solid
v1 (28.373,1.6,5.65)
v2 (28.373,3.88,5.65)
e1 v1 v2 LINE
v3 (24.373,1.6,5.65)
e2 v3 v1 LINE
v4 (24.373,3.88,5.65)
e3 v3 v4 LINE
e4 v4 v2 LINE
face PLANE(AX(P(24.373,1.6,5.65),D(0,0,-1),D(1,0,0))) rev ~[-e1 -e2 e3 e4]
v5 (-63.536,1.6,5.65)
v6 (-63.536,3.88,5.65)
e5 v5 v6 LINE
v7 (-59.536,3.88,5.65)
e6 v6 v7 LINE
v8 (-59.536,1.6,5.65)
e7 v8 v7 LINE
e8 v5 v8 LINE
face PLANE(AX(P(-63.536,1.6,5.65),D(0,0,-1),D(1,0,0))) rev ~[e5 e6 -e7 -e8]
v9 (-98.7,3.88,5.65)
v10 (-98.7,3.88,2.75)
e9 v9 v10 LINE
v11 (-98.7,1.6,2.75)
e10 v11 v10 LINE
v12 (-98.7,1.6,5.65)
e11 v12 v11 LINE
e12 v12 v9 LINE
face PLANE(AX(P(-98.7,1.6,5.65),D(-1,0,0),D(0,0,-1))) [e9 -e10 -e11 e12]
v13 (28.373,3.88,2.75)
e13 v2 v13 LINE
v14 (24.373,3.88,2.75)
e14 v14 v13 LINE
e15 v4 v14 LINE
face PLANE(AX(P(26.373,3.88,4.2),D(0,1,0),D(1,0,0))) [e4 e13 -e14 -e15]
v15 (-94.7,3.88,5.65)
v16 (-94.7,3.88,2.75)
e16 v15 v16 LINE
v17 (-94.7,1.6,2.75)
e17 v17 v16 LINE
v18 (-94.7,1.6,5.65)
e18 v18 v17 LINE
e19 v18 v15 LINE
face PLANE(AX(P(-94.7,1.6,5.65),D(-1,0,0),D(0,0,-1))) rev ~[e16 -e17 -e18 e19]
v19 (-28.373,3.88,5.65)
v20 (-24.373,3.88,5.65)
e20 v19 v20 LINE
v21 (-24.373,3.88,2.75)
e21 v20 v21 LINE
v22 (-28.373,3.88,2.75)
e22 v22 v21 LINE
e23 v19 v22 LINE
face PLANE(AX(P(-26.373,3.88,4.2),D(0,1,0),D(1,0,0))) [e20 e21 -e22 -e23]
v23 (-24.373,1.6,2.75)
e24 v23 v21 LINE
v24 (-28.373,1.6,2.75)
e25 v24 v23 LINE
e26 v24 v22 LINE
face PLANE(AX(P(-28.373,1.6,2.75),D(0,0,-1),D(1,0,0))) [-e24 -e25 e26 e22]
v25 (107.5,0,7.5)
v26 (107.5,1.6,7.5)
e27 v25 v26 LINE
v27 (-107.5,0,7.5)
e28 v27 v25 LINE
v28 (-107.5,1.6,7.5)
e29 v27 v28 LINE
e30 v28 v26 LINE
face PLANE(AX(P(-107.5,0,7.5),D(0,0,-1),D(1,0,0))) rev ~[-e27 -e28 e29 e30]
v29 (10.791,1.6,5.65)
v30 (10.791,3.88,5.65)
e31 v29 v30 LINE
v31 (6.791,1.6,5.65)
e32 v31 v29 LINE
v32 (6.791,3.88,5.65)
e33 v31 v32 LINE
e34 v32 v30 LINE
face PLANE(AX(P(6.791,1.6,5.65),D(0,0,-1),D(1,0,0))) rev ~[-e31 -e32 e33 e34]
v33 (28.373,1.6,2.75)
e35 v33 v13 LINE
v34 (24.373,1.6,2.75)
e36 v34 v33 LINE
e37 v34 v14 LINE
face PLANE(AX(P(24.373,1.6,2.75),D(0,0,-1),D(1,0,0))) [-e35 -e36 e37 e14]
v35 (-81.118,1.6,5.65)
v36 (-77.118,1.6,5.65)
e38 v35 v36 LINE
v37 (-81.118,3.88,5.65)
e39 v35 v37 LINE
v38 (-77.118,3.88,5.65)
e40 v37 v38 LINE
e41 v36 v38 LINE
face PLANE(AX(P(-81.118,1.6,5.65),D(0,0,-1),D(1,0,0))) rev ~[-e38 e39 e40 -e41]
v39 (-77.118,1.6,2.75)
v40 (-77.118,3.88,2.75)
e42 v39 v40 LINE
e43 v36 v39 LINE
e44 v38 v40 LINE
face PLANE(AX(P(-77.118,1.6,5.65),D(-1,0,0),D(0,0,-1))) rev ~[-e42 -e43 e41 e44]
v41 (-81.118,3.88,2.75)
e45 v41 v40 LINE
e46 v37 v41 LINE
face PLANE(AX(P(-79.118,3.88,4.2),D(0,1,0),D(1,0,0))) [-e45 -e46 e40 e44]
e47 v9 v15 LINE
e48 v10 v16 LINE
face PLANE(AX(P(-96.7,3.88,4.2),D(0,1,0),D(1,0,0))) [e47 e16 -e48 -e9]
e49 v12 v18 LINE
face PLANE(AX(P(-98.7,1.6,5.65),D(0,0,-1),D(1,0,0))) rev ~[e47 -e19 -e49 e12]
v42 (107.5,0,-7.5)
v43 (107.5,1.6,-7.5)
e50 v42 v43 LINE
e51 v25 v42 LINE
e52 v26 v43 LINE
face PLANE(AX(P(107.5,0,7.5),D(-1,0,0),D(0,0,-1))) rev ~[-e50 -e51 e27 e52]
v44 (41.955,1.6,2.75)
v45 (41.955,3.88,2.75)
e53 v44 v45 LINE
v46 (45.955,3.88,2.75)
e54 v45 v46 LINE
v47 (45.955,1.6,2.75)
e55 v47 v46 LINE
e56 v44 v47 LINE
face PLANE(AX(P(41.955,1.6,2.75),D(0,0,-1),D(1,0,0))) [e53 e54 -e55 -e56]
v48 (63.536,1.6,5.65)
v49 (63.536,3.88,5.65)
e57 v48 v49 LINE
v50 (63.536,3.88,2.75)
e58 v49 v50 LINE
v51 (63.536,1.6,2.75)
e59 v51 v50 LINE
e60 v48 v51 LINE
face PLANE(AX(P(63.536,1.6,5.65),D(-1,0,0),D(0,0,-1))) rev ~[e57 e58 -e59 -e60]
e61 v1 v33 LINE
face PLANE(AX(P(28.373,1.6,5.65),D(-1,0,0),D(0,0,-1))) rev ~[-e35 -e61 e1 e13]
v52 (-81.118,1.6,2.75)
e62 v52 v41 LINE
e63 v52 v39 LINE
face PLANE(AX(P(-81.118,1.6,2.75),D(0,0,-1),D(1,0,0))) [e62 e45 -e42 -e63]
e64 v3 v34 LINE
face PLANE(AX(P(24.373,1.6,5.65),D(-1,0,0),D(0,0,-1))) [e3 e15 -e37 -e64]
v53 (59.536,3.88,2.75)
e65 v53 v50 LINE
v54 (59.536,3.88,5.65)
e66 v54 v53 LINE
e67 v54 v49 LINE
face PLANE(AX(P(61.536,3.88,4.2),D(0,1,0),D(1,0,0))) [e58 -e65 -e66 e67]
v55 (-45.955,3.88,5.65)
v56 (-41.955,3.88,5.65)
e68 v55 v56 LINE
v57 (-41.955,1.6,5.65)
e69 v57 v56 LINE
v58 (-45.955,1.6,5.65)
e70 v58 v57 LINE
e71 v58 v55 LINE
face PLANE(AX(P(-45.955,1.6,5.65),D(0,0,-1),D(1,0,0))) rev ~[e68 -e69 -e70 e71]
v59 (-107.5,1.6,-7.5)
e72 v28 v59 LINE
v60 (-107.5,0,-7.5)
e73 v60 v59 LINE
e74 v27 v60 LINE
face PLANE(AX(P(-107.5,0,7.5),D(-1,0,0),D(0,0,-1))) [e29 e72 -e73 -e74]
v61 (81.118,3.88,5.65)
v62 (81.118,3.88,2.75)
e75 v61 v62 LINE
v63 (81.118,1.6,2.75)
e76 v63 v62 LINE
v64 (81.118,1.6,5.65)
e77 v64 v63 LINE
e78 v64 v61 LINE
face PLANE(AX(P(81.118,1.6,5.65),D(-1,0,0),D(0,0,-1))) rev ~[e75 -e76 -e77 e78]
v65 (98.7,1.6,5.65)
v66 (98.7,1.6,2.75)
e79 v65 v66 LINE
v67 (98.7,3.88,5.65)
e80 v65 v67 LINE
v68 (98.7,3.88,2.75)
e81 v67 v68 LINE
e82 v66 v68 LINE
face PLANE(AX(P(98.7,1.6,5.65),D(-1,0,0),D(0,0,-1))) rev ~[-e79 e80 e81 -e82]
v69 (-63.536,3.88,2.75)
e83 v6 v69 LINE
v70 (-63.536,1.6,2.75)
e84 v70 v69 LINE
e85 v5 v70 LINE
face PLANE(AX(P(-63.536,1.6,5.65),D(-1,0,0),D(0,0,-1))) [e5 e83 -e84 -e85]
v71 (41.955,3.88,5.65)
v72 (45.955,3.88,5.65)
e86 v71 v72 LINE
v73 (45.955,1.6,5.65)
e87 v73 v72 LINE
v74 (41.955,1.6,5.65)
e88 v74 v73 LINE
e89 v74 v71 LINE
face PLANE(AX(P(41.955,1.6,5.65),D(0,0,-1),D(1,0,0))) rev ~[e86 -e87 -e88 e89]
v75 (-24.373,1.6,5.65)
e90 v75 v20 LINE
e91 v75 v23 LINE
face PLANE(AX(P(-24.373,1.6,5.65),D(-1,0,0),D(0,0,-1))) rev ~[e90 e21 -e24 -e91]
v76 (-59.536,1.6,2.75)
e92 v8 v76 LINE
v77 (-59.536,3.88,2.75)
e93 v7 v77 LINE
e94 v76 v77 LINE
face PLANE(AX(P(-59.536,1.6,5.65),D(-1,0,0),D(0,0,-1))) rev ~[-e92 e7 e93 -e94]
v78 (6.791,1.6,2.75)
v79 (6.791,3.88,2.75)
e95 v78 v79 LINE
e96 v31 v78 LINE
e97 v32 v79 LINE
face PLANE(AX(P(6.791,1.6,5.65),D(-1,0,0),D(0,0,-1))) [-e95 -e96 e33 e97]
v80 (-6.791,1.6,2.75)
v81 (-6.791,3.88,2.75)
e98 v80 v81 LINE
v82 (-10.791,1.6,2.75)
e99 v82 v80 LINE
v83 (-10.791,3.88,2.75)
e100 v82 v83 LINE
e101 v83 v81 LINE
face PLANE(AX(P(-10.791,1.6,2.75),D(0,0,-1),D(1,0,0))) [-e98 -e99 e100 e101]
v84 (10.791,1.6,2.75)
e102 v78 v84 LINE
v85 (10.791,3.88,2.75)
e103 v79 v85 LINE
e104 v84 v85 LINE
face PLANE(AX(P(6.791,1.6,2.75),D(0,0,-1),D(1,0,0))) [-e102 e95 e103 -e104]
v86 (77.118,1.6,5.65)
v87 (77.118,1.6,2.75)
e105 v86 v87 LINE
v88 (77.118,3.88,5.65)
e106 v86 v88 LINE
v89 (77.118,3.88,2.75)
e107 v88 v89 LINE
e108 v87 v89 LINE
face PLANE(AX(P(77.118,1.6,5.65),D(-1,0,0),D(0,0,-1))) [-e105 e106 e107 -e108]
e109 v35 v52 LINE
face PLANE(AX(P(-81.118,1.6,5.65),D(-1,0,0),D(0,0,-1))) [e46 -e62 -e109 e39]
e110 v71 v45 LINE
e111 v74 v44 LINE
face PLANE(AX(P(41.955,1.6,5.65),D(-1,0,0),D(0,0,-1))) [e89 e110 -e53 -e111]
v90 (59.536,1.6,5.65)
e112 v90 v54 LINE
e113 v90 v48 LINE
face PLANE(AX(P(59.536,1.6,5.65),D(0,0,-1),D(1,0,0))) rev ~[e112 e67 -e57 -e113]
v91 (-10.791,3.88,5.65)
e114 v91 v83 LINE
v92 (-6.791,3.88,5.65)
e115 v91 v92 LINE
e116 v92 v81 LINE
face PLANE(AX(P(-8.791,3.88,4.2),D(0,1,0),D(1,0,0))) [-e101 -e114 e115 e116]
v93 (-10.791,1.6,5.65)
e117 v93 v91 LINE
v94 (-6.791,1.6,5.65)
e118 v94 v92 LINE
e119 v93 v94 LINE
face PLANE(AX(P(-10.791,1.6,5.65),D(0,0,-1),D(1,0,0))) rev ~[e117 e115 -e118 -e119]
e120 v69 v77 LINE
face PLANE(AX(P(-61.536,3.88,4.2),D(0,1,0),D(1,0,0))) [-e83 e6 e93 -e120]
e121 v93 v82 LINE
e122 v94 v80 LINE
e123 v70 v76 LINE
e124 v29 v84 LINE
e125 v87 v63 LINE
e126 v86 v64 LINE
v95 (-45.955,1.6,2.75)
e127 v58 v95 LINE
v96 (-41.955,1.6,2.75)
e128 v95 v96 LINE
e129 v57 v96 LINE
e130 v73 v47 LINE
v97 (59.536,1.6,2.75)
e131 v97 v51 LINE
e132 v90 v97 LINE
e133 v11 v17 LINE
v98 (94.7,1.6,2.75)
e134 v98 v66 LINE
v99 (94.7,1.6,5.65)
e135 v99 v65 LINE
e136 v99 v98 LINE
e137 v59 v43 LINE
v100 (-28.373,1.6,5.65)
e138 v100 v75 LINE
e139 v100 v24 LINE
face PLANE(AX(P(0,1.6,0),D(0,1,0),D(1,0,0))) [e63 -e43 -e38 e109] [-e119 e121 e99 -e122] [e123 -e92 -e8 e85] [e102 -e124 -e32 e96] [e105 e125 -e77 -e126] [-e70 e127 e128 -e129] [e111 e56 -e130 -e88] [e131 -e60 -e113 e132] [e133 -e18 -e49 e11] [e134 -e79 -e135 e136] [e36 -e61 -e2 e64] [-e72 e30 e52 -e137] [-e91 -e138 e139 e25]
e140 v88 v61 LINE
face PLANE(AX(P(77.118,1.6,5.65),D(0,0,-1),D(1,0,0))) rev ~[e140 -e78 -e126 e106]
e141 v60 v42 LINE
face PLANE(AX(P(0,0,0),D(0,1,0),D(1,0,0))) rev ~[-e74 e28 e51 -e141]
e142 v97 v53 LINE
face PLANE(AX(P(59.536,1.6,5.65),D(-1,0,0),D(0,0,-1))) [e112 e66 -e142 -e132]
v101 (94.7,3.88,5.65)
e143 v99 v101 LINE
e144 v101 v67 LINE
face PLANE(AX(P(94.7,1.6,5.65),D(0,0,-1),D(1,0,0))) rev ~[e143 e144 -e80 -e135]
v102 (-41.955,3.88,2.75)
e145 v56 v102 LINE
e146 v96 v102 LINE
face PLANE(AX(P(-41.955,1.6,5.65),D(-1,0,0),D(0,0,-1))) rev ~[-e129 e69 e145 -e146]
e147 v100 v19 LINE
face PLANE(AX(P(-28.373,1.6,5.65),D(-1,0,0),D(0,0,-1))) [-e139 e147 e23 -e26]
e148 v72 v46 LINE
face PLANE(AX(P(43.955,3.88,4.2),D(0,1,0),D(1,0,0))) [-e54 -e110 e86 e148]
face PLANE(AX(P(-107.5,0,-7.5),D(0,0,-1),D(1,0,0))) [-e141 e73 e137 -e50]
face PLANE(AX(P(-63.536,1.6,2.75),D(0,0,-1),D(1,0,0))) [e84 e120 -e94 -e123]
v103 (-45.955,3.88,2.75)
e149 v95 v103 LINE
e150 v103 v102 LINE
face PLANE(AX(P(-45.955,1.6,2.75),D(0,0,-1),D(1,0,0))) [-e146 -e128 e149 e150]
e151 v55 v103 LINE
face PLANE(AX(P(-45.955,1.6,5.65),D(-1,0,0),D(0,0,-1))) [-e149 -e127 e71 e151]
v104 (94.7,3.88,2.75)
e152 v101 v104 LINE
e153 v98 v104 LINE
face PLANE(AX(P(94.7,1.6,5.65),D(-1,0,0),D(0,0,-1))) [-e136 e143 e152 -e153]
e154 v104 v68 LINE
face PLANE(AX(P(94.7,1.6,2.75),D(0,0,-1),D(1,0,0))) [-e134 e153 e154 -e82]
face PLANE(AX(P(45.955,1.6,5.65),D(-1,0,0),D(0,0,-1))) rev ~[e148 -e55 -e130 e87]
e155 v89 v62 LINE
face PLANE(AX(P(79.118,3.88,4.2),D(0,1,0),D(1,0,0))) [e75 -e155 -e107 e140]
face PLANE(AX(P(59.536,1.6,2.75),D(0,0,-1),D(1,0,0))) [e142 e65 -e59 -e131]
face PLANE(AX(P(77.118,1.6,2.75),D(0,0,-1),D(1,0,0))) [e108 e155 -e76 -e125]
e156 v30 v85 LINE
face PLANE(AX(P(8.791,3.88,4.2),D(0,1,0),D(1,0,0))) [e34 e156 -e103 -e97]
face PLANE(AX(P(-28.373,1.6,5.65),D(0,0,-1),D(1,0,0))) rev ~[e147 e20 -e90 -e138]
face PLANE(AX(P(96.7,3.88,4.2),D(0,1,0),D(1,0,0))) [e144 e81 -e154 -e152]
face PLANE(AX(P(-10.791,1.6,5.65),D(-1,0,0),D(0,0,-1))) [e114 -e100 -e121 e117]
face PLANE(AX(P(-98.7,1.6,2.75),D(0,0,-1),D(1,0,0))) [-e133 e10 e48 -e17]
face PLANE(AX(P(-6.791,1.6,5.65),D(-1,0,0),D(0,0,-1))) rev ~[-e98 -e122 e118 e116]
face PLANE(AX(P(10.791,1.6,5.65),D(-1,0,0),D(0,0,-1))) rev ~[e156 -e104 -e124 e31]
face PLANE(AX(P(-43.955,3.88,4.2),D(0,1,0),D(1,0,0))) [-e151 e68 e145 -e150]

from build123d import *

# Parameters (mm, degrees)
SKETCH2_W           = 215
SKETCH2_H           = 15
BOSS_EXTRUDE1_DEPTH = 1.6
SKETCH4_W           = 4
SKETCH4_H           = 2.9
BOSS_EXTRUDE2_DEPTH = 2.28


with BuildPart() as part:
    # Sketch2 → Boss-Extrude1 (new body)
    with BuildSketch(Plane(origin=(0, 0, 0), x_dir=(1, 0, 0), z_dir=(0, 1, 0))):
        Rectangle(SKETCH2_W, SKETCH2_H)
    extrude(amount=BOSS_EXTRUDE1_DEPTH)

    # Sketch4 → Boss-Extrude2 (add)
    with BuildSketch(Plane(origin=(0, 1.6, 0), x_dir=(1, 0, 0), z_dir=(0, 1, 0))):
        with Locations((-96.7, -4.2)):
            Rectangle(SKETCH4_W, SKETCH4_H)
        with Locations((-79.118, -4.2)):
            Rectangle(SKETCH4_W, SKETCH4_H)
        with Locations((-61.536, -4.2)):
            Rectangle(SKETCH4_W, SKETCH4_H)
        with Locations((-43.955, -4.2)):
            Rectangle(SKETCH4_W, SKETCH4_H)
        with Locations((-26.373, -4.2)):
            Rectangle(SKETCH4_W, SKETCH4_H)
        with Locations((-8.791, -4.2)):
            Rectangle(SKETCH4_W, SKETCH4_H)
        with Locations((8.791, -4.2)):
            Rectangle(SKETCH4_W, SKETCH4_H)
        with Locations((26.373, -4.2)):
            Rectangle(SKETCH4_W, SKETCH4_H)
        with Locations((43.955, -4.2)):
            Rectangle(SKETCH4_W, SKETCH4_H)
        with Locations((61.536, -4.2)):
            Rectangle(SKETCH4_W, SKETCH4_H)
        with Locations((79.118, -4.2)):
            Rectangle(SKETCH4_W, SKETCH4_H)
        with Locations((96.7, -4.2)):
            Rectangle(SKETCH4_W, SKETCH4_H)
    extrude(amount=BOSS_EXTRUDE2_DEPTH)


solid = part.part
